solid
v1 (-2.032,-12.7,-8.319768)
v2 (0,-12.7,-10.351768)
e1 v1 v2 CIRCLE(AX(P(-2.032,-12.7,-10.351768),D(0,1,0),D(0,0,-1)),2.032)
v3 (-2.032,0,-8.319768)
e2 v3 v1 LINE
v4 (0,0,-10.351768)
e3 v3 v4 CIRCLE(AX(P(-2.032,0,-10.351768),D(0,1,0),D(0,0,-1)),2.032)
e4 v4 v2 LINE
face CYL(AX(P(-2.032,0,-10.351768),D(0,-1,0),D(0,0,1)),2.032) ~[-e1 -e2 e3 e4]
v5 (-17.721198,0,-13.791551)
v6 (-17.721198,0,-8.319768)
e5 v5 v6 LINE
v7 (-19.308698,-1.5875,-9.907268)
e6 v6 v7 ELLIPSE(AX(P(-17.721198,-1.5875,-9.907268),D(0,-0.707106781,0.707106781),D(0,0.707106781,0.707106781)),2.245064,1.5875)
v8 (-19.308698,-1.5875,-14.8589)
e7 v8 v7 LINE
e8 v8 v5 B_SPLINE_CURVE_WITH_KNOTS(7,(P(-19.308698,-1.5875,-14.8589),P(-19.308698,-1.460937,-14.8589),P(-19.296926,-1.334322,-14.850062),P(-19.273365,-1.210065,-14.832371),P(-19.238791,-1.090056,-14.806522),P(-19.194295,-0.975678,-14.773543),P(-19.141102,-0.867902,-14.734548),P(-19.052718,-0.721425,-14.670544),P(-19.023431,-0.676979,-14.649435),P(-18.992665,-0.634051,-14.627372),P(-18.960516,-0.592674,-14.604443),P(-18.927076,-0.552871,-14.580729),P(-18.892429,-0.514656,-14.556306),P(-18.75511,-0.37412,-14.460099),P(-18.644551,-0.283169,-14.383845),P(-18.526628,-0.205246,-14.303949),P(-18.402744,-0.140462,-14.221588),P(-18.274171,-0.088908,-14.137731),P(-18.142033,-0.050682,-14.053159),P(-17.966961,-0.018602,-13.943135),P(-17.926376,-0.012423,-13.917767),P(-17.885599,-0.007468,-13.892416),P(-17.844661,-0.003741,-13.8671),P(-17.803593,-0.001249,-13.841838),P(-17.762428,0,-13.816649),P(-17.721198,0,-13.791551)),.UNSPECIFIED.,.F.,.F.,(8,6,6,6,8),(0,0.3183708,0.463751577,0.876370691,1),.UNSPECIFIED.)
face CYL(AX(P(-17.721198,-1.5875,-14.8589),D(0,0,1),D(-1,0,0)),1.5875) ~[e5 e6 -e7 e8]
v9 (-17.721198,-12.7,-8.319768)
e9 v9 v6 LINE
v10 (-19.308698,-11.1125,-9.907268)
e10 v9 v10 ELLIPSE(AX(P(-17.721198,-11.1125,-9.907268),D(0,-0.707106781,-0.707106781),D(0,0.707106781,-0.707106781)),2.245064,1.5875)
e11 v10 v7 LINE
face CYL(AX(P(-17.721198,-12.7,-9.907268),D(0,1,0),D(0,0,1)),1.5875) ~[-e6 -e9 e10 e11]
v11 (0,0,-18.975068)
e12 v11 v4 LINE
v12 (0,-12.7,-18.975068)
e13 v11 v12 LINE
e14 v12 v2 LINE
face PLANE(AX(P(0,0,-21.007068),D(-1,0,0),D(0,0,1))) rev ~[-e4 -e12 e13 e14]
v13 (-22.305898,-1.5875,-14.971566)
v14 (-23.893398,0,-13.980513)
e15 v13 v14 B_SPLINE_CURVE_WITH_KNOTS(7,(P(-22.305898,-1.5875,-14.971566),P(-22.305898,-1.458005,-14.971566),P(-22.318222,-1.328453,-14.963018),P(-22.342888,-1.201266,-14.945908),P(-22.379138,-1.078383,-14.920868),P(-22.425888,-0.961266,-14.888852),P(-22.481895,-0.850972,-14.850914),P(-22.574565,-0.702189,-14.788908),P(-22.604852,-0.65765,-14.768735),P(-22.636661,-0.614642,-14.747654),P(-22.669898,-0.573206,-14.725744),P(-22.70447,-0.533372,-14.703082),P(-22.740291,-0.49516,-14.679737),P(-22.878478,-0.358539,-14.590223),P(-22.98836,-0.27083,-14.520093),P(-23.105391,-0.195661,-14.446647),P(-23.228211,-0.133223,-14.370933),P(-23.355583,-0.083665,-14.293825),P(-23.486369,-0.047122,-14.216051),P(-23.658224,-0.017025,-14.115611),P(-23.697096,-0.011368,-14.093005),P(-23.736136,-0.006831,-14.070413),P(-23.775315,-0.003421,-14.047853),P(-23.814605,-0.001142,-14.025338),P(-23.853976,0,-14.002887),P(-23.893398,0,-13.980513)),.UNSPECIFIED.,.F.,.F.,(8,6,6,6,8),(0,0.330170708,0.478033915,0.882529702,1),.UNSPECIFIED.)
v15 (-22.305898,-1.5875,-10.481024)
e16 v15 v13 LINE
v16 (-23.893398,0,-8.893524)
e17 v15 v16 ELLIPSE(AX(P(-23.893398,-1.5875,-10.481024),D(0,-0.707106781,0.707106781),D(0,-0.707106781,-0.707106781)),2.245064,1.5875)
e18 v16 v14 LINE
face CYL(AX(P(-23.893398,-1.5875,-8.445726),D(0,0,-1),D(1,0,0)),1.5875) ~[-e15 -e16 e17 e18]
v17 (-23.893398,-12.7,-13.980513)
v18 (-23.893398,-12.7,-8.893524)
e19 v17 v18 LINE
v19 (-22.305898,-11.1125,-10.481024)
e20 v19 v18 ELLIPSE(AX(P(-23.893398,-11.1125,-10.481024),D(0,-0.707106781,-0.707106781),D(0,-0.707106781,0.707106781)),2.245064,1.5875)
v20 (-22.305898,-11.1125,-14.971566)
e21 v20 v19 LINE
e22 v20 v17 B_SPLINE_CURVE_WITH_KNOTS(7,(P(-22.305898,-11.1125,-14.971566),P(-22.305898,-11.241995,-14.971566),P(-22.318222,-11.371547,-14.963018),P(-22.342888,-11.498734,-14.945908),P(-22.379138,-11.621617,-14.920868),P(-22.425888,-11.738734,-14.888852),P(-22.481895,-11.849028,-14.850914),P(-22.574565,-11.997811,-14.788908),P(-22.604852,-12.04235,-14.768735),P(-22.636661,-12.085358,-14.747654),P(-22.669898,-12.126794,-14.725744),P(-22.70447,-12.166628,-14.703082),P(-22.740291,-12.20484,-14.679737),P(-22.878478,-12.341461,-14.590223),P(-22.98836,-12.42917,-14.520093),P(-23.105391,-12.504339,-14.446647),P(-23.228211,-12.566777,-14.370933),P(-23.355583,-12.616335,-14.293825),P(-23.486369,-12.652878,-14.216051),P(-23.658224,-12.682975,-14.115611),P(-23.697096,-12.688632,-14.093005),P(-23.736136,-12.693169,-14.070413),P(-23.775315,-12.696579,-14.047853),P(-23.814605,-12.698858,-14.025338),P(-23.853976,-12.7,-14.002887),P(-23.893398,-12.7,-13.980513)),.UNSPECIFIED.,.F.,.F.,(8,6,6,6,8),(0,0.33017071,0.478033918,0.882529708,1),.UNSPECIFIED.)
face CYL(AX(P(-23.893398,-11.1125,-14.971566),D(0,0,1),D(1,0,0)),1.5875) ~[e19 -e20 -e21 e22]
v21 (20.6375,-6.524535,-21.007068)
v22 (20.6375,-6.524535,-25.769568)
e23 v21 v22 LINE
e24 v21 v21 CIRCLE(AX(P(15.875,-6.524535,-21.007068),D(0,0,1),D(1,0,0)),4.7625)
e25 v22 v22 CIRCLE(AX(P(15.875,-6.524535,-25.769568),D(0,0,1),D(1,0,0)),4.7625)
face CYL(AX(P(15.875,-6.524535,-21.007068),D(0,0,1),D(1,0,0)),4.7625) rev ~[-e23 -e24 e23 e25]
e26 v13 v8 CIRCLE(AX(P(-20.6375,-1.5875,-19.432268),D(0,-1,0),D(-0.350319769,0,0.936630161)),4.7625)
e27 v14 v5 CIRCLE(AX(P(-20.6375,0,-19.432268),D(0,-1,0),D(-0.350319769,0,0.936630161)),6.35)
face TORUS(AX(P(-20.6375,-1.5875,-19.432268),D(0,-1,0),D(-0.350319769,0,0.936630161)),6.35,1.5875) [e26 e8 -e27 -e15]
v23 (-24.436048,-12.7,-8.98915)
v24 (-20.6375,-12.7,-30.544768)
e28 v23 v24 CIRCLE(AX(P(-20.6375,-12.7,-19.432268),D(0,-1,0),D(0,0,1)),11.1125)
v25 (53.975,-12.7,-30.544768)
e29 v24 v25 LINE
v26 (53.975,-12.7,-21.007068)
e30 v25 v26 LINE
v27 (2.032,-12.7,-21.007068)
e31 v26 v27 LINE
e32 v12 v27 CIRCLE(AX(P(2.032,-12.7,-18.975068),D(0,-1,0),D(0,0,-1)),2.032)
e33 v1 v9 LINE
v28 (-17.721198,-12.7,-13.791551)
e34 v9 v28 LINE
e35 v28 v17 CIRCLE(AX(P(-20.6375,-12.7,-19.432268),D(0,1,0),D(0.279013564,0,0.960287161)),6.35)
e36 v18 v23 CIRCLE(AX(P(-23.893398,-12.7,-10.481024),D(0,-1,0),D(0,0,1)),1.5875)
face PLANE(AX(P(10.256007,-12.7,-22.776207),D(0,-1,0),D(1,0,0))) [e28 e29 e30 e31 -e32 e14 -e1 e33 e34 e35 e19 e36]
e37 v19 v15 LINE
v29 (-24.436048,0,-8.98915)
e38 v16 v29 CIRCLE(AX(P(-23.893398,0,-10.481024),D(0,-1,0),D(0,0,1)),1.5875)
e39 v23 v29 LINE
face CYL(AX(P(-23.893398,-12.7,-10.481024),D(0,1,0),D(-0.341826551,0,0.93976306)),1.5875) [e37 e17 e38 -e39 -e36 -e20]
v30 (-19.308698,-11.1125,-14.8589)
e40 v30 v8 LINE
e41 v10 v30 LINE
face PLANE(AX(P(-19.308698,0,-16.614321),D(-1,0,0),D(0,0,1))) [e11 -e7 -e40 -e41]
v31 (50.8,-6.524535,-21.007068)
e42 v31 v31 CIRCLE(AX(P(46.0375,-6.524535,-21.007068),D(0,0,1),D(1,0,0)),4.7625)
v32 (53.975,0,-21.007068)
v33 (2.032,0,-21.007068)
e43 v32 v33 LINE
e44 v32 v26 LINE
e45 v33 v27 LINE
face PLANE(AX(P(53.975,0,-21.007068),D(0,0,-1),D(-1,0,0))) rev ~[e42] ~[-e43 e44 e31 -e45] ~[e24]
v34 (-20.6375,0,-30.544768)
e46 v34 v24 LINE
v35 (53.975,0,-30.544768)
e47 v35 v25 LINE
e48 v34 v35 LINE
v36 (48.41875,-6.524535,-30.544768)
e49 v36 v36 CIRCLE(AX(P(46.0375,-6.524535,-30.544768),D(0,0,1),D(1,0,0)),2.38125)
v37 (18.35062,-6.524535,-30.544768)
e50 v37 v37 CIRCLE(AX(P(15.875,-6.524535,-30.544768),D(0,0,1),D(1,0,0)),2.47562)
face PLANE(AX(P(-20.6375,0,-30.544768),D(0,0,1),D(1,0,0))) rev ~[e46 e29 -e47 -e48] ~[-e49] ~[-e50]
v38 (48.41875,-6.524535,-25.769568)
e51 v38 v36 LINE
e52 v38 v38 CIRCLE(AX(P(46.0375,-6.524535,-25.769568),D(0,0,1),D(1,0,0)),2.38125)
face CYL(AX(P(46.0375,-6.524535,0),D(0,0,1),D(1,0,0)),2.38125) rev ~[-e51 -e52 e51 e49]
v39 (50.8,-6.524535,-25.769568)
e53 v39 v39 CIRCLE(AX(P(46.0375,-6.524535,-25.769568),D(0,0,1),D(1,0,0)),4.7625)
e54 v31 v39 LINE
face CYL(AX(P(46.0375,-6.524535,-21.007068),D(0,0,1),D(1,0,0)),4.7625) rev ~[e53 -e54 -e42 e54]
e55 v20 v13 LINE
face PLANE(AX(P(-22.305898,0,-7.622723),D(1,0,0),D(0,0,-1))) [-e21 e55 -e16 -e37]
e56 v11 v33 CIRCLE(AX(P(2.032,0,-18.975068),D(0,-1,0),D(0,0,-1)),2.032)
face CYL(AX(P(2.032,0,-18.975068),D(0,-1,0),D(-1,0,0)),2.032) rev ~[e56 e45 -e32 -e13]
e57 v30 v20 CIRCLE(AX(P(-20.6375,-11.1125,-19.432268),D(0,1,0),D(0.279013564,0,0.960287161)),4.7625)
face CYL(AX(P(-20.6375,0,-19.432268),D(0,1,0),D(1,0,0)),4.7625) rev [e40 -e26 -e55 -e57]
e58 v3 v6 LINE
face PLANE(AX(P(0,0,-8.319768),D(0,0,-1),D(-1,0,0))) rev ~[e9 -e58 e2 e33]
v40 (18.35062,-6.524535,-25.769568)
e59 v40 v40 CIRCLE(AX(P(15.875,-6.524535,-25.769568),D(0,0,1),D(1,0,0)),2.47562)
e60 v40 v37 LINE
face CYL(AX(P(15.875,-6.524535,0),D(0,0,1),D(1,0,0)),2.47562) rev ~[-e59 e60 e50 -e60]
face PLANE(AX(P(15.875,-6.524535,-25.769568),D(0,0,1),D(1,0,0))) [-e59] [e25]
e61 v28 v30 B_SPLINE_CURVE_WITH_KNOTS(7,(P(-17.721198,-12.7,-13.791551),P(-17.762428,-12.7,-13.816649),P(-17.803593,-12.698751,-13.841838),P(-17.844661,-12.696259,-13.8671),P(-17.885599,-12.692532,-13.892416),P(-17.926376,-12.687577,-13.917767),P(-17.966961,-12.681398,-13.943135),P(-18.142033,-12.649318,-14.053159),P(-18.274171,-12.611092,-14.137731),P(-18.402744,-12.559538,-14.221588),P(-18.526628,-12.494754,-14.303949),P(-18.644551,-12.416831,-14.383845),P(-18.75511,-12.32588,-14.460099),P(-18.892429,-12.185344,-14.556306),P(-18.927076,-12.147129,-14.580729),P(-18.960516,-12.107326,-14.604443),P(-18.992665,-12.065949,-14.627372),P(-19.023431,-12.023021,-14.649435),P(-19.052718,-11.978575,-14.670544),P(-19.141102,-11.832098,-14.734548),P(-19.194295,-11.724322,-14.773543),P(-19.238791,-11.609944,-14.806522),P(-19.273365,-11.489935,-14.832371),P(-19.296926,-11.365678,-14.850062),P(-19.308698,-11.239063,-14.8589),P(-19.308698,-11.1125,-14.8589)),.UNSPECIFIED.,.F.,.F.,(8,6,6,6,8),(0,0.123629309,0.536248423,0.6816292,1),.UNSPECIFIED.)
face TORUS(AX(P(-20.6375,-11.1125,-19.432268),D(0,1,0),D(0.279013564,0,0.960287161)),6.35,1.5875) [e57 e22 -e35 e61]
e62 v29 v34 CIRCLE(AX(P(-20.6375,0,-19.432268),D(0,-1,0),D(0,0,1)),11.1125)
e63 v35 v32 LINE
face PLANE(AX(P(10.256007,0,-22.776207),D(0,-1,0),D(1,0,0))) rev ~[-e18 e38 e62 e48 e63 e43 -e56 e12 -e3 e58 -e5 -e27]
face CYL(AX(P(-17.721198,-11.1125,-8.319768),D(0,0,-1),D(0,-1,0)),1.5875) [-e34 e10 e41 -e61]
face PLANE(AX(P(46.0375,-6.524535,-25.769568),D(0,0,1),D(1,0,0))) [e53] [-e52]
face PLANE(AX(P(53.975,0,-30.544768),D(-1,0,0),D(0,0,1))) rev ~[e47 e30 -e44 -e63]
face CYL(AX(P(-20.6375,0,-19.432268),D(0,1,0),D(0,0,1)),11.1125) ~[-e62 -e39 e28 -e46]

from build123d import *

# Parameters (mm, degrees)
F0_R     = 4.7625
F1_DEPTH = 12.7
F3_DEPTH = 12.701
F4_R     = 1.5875
F5_R     = 2.38125
F5_R_2   = 2.4756195987
F6_DEPTH = 101.6
F7_R     = 4.7625
F8_DEPTH = 4.7625
F9_DEPTH = 36.322
F10_R    = 2.032


with BuildPart() as f1:
    # F0 (on Front) → F1 (new body)
    with BuildSketch(Plane.XZ):
        with BuildLine():
            Line((0, -8.3197675008), (-20.6375, -8.3197675008))
            ThreePointArc((-20.6375, -8.3197675008), (-31.75, -19.4322675008), (-20.6375, -30.5447675008))
            Line((-20.6375, -30.5447675008), (4.7625, -30.5447675008))
            Line((4.7625, -30.5447675008), (53.975, -30.5447675008))
            Line((53.975, -30.5447675008), (53.975, -21.0070675008))
            Line((53.975, -21.0070675008), (0, -21.0070675008))
            Line((0, -21.0070675008), (0, -8.3197675008))
        make_face()
        with Locations((-20.6375, -19.4322675008)):
            Circle(F0_R, mode=Mode.SUBTRACT)
    extrude(amount=F1_DEPTH)

    # F2 (on Front) → F3 (cut, through all)
    with BuildSketch(Plane.XZ):
        Polygon((-19.3086979003, -7.7764257723), (-22.3058979003, -7.62272316), (-22.3058979003, -16.6143205299), (-19.3086979003, -16.6143205299), align=None)
    extrude(amount=F3_DEPTH, mode=Mode.SUBTRACT)

    # F4
    f4_edges = [f1.edges().sort_by_distance(p)[0] for p in [
        (-19.308698, -6.35, -8.319768),
        (-22.305898, -6.35, -8.445726),
        (-22.305898, -12.7, -11.708646),
        (-19.308698, -12.7, -11.589334),
        (-20.458601, -12.7, -24.191406),
        (-19.308698, 0, -11.589334),
        (-22.305898, 0, -11.708646),
        (-20.458601, 0, -24.191406),
    ]]
    fillet(f4_edges, radius=F4_R)

    # F5 (on Top) → F6 (cut)
    with BuildSketch(Plane.XY):
        with Locations((46.0375, -6.5245353617)):
            Circle(F5_R)
        with Locations((15.875, -6.5245353617)):
            Circle(F5_R_2)
    extrude(amount=F6_DEPTH, mode=Mode.SUBTRACT)

    # F7 (on face) → F8 (cut)
    with BuildSketch(Plane.XY.offset(-21.0070675008)):
        with Locations((15.875, -6.5245353617)):
            Circle(F7_R)
        with Locations((46.0375, -6.5245353617)):
            Circle(F7_R)
    extrude(amount=-F8_DEPTH, mode=Mode.SUBTRACT)

    # F5 (on Top) → F9 (cut)
    with BuildSketch(Plane.XY):
        with Locations((15.875, -6.5245353617)):
            Circle(F5_R_2)
        with Locations((46.0375, -6.5245353617)):
            Circle(F5_R)
    extrude(amount=-F9_DEPTH, mode=Mode.SUBTRACT)

    # F10
    f10_edges = [f1.edges().sort_by_distance(p)[0] for p in [
        (0, -6.35, -8.319768),
        (0, -6.35, -21.007068),
    ]]
    fillet(f10_edges, radius=F10_R)


solid = f1.part
